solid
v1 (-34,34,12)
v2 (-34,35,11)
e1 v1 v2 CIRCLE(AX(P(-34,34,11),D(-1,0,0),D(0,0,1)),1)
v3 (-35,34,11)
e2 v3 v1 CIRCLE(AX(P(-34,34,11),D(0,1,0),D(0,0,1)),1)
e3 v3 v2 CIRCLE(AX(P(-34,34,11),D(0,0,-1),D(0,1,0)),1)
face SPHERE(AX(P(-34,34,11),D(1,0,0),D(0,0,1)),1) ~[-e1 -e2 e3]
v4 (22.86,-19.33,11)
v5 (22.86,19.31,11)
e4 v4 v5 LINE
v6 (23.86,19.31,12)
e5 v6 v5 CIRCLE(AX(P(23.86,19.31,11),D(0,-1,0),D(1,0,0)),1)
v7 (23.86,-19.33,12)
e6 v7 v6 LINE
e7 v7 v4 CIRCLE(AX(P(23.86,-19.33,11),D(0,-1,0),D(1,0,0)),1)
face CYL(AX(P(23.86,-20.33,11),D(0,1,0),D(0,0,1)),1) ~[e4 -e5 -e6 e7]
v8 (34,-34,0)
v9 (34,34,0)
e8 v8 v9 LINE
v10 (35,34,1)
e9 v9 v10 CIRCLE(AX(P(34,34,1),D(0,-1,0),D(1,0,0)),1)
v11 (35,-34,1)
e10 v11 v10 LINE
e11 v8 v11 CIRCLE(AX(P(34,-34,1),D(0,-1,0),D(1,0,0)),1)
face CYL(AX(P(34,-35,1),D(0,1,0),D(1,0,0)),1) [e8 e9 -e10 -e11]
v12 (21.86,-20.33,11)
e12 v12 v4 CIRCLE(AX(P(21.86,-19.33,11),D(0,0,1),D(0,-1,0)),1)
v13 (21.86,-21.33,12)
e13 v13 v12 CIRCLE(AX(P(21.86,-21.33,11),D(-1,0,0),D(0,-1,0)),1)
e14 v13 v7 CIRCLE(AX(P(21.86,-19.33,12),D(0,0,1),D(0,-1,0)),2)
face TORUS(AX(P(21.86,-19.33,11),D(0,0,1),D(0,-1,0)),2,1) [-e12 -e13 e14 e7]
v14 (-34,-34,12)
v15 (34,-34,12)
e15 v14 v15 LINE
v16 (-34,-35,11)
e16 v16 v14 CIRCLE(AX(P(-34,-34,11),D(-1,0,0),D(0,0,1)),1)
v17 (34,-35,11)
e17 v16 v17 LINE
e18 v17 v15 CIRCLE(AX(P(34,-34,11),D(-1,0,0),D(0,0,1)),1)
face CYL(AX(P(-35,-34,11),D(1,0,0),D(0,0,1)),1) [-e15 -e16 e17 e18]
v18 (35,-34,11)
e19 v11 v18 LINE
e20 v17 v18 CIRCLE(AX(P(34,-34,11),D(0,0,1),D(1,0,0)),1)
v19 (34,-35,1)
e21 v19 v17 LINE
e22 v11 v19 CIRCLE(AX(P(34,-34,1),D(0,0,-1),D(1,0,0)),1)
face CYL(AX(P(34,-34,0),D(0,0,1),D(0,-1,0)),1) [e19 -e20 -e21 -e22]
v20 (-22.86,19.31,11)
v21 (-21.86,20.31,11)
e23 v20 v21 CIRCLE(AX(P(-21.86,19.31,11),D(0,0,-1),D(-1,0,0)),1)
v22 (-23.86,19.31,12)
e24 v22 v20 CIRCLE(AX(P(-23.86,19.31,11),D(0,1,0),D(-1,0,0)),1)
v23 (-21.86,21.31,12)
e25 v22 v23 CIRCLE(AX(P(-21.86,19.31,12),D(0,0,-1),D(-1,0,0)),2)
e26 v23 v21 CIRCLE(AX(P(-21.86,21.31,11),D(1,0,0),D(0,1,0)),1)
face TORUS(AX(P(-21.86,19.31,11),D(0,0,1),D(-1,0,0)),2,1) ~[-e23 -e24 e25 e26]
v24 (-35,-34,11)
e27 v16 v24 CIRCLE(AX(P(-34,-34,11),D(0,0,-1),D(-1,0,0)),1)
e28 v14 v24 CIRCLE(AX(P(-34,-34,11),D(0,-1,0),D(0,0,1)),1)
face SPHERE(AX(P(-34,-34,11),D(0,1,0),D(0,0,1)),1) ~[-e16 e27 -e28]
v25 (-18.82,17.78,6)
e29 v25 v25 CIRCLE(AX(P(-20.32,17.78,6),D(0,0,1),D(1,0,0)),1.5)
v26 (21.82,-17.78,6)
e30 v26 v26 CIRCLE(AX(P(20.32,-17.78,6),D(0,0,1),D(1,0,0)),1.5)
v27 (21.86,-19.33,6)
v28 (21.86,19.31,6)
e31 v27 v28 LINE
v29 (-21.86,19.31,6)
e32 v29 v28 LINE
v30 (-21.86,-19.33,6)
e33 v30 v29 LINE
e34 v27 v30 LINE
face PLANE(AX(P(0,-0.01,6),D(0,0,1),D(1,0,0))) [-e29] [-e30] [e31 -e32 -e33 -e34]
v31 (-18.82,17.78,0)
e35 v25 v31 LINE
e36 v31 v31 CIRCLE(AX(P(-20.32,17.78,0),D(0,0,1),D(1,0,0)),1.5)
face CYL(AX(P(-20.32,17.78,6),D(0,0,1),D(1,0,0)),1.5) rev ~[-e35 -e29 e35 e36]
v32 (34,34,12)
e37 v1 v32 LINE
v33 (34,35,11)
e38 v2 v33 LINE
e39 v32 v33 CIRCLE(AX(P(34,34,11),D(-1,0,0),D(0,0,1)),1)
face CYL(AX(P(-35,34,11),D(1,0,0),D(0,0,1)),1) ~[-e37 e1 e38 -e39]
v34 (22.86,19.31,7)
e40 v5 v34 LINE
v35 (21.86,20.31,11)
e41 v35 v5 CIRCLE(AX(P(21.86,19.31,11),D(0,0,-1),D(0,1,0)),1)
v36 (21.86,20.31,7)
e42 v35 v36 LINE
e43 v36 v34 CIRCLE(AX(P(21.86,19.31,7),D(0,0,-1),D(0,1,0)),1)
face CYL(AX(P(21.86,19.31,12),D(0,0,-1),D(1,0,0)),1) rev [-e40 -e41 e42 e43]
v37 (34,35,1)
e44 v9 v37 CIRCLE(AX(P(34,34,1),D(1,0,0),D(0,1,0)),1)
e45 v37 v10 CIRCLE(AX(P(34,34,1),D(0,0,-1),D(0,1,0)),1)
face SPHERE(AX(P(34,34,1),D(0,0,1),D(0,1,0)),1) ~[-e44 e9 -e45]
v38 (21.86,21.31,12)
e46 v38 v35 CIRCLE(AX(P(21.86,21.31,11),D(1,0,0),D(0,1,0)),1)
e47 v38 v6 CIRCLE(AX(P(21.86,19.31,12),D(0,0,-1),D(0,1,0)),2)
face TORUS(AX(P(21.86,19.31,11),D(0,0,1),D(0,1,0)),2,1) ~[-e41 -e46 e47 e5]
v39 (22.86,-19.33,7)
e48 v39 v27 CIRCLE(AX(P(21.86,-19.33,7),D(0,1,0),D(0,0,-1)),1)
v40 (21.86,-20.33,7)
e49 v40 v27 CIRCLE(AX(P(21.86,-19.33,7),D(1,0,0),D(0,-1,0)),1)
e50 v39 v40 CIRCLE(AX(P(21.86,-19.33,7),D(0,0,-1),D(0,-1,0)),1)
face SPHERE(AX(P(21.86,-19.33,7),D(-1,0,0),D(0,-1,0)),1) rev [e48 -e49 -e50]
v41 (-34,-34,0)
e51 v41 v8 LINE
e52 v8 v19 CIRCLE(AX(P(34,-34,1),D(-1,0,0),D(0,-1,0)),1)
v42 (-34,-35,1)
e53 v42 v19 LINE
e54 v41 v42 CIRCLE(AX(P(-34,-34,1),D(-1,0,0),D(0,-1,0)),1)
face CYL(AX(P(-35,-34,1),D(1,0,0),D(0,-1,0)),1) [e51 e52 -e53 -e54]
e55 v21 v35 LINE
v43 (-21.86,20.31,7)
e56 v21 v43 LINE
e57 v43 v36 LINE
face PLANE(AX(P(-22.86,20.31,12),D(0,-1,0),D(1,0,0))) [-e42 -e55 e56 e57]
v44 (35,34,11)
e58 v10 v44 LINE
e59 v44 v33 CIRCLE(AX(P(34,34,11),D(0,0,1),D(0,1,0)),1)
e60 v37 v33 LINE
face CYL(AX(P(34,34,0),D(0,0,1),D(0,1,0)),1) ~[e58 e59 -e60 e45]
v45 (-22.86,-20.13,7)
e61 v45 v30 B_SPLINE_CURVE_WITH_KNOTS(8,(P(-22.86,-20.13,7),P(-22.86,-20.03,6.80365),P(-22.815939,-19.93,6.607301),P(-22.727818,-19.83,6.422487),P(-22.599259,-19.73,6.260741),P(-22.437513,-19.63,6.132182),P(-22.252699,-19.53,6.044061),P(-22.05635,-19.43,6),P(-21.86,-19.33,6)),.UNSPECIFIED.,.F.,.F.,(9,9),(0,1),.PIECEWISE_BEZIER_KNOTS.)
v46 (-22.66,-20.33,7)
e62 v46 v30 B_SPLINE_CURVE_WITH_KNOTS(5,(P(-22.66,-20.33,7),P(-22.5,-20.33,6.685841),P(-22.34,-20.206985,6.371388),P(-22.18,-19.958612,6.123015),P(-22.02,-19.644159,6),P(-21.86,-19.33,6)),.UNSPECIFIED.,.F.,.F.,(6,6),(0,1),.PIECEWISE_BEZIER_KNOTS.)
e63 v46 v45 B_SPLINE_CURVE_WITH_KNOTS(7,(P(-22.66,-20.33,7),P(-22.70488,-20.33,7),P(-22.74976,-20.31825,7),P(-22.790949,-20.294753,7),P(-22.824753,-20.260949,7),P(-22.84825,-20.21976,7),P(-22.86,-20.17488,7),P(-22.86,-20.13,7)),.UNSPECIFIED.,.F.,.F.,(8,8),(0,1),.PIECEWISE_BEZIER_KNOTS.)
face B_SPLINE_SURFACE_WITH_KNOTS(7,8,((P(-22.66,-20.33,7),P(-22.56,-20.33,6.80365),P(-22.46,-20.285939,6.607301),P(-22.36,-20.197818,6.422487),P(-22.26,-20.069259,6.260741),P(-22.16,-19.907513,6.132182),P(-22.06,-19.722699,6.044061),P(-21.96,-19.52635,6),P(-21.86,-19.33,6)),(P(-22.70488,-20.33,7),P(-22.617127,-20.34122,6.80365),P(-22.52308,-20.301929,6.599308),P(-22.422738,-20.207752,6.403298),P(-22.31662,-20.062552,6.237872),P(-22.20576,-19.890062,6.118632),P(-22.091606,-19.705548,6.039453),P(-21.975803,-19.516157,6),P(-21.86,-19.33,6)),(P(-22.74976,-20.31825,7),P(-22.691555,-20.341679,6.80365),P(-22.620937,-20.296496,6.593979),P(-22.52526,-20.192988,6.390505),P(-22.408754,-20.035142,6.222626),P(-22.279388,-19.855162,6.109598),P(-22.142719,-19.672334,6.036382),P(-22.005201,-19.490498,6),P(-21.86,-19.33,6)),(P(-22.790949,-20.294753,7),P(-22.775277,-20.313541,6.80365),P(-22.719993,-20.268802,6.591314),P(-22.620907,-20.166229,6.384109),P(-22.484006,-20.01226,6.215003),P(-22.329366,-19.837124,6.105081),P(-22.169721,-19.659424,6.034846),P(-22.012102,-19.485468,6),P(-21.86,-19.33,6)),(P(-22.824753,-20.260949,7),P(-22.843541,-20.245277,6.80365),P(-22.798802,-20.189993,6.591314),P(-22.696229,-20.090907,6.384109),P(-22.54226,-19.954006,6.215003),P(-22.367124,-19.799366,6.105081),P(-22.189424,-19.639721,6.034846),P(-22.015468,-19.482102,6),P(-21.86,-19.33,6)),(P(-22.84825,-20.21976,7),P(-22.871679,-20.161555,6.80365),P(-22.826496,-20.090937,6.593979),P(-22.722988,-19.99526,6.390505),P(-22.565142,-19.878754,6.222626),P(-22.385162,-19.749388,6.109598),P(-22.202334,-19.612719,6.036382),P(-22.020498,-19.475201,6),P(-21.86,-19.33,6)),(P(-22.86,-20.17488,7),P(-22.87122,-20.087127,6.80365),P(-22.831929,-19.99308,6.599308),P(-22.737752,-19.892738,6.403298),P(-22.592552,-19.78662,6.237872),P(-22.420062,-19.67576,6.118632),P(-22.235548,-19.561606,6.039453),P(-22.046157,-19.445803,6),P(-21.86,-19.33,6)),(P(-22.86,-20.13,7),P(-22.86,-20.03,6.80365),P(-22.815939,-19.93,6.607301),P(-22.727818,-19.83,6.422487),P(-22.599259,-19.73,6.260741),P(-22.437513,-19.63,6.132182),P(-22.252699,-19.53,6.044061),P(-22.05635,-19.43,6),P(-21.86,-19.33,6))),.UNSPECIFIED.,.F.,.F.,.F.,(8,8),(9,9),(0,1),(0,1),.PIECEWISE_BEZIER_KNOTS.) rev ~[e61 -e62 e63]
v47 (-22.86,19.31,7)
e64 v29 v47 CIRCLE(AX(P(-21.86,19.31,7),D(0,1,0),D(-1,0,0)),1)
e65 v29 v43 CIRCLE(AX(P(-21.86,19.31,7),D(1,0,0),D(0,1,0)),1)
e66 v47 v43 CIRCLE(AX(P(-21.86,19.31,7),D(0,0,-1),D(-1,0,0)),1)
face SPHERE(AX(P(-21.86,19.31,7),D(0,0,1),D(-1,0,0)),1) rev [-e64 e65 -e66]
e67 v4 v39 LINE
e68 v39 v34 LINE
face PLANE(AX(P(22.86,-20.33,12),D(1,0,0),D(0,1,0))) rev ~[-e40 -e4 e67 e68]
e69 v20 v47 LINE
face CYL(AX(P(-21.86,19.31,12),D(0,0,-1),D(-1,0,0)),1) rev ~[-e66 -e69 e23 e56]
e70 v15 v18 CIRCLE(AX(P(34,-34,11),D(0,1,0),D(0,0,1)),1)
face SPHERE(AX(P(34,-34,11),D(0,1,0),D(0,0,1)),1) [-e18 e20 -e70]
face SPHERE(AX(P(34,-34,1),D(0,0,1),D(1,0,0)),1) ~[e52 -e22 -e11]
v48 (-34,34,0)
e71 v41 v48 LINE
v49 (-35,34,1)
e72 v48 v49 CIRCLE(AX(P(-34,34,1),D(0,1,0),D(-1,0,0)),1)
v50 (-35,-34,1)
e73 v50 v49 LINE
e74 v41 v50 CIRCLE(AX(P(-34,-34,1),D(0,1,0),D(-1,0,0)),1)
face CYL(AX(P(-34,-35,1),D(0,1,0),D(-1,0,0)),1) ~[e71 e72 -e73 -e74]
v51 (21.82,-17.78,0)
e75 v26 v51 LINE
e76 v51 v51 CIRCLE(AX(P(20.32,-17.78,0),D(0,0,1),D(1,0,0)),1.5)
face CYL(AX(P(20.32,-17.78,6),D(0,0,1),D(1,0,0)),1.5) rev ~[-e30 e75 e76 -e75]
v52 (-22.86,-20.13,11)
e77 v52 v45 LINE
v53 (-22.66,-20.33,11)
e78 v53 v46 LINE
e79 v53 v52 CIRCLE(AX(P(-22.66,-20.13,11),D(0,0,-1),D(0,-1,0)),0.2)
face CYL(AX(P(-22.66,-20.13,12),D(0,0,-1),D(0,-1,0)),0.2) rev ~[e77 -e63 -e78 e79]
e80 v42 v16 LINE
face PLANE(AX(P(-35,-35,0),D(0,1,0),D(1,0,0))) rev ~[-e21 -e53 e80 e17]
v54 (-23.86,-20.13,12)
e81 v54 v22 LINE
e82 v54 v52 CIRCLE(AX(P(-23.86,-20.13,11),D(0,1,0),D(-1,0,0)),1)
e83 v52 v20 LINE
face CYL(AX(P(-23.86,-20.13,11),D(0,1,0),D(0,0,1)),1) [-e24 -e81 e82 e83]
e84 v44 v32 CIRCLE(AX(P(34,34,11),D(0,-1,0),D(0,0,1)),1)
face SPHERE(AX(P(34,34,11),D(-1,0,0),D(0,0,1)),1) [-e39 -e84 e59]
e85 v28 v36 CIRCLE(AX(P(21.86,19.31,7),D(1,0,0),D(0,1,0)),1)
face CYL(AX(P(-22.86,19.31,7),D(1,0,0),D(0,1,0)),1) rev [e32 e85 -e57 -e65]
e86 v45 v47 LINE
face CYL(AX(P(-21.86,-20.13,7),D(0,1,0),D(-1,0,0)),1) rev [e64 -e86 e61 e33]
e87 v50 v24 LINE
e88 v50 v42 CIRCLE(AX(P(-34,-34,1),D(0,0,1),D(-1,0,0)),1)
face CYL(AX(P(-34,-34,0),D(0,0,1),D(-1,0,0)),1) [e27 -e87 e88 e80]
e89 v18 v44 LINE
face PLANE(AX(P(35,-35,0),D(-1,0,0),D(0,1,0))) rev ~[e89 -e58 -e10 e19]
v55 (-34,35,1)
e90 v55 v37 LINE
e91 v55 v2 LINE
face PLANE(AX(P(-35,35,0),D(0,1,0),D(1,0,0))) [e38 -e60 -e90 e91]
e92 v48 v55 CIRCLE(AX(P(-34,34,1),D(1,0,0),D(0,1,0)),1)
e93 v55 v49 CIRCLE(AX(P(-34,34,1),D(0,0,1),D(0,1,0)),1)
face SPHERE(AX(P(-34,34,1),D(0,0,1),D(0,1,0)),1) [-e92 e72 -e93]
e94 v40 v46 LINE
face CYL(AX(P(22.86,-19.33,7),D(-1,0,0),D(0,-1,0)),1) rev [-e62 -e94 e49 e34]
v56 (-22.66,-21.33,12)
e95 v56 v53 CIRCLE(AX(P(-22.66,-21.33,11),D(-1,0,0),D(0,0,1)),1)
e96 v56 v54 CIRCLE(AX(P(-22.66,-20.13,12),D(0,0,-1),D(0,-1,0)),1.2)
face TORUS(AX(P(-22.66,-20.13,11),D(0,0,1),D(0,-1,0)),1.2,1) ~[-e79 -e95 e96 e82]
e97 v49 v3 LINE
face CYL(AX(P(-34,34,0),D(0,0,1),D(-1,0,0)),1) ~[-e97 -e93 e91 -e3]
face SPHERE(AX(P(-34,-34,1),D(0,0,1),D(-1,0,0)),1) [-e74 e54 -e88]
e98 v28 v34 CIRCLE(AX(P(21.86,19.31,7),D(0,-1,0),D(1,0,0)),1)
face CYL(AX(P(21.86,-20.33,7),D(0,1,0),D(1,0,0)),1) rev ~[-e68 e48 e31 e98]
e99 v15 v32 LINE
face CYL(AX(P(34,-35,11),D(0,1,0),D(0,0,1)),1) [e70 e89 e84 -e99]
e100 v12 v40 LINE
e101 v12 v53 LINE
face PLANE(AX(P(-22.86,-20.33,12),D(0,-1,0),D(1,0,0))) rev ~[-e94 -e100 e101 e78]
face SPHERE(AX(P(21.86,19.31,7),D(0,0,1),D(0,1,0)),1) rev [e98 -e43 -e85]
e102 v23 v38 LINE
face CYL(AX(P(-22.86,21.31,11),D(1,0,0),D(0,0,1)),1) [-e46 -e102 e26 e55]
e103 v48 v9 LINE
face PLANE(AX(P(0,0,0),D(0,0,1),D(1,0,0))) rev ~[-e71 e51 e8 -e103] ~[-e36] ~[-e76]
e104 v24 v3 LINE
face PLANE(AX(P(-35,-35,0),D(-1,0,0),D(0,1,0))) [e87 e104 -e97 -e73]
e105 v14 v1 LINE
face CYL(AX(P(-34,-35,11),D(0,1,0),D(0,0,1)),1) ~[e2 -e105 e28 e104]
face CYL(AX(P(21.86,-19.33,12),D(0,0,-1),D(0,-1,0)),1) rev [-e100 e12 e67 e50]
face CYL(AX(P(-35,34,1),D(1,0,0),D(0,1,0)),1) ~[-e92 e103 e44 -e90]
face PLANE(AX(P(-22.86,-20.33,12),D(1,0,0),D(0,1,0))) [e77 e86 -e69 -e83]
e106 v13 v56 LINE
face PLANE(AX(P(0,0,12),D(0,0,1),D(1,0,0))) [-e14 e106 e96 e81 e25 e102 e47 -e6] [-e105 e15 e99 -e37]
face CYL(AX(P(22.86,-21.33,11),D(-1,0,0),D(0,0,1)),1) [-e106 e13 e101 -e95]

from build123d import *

# Parameters (mm, degrees)
SKETCH_W     = 70
SKETCH_H     = 70
PAD_DEPTH    = 12
SKETCH001_W  = 45.72
SKETCH001_H  = 40.64
POCKET_DEPTH = 6
FILLET_R     = 0.2
FILLET001_R  = 1
SKETCH002_R  = 1.5
HOLE_DEPTH   = 25


with BuildPart() as part:
    # Sketch → Pad (new body)
    with BuildSketch(Plane.XY):
        Rectangle(SKETCH_W, SKETCH_H)
    extrude(amount=PAD_DEPTH)

    # Sketch001 (on Face6 of Pad) → Pocket (cut)
    with BuildSketch(Plane.XY.offset(12)):
        with Locations((0, -0.01)):
            Rectangle(SKETCH001_W, SKETCH001_H)
    extrude(amount=-POCKET_DEPTH, mode=Mode.SUBTRACT)

    # Fillet
    fillet_edges = [part.edges().sort_by_distance(p)[0] for p in [
        (-22.86, -20.33, 9),
    ]]
    fillet(fillet_edges, radius=FILLET_R)

    # Fillet001
    fillet001_edges = [part.edges().sort_by_distance(p)[0] for p in [
        (-22.86, 0.09, 12),
        (-22.801421, -20.271421, 12),
        (0, 20.31, 12),
        (0.1, -20.33, 12),
        (22.86, -0.01, 12),
        (0, 35, 12),
        (-35, 0, 12),
        (35, 0, 12),
        (0, -35, 12),
        (-22.86, -20.13, 9),
        (-22.86, 20.31, 9),
        (-22.86, 0.09, 6),
        (-22.66, -20.33, 9),
        (-22.801421, -20.271421, 6),
        (22.86, 20.31, 9),
        (0, 20.31, 6),
        (22.86, -20.33, 9),
        (0.1, -20.33, 6),
        (22.86, -0.01, 6),
        (-35, 35, 6),
        (35, 35, 6),
        (0, 35, 0),
        (-35, -35, 6),
        (-35, 0, 0),
        (35, -35, 6),
        (35, 0, 0),
        (0, -35, 0),
    ]]
    fillet(fillet001_edges, radius=FILLET001_R)

    # Sketch002 (on Face11 of Fillet) → Hole (cut)
    with BuildSketch(Plane.XY.offset(6)):
        with Locations((-20.32, 17.78)):
            Circle(SKETCH002_R)
        with Locations((20.32, -17.78)):
            Circle(SKETCH002_R)
    extrude(amount=-HOLE_DEPTH, mode=Mode.SUBTRACT)


solid = part.part
